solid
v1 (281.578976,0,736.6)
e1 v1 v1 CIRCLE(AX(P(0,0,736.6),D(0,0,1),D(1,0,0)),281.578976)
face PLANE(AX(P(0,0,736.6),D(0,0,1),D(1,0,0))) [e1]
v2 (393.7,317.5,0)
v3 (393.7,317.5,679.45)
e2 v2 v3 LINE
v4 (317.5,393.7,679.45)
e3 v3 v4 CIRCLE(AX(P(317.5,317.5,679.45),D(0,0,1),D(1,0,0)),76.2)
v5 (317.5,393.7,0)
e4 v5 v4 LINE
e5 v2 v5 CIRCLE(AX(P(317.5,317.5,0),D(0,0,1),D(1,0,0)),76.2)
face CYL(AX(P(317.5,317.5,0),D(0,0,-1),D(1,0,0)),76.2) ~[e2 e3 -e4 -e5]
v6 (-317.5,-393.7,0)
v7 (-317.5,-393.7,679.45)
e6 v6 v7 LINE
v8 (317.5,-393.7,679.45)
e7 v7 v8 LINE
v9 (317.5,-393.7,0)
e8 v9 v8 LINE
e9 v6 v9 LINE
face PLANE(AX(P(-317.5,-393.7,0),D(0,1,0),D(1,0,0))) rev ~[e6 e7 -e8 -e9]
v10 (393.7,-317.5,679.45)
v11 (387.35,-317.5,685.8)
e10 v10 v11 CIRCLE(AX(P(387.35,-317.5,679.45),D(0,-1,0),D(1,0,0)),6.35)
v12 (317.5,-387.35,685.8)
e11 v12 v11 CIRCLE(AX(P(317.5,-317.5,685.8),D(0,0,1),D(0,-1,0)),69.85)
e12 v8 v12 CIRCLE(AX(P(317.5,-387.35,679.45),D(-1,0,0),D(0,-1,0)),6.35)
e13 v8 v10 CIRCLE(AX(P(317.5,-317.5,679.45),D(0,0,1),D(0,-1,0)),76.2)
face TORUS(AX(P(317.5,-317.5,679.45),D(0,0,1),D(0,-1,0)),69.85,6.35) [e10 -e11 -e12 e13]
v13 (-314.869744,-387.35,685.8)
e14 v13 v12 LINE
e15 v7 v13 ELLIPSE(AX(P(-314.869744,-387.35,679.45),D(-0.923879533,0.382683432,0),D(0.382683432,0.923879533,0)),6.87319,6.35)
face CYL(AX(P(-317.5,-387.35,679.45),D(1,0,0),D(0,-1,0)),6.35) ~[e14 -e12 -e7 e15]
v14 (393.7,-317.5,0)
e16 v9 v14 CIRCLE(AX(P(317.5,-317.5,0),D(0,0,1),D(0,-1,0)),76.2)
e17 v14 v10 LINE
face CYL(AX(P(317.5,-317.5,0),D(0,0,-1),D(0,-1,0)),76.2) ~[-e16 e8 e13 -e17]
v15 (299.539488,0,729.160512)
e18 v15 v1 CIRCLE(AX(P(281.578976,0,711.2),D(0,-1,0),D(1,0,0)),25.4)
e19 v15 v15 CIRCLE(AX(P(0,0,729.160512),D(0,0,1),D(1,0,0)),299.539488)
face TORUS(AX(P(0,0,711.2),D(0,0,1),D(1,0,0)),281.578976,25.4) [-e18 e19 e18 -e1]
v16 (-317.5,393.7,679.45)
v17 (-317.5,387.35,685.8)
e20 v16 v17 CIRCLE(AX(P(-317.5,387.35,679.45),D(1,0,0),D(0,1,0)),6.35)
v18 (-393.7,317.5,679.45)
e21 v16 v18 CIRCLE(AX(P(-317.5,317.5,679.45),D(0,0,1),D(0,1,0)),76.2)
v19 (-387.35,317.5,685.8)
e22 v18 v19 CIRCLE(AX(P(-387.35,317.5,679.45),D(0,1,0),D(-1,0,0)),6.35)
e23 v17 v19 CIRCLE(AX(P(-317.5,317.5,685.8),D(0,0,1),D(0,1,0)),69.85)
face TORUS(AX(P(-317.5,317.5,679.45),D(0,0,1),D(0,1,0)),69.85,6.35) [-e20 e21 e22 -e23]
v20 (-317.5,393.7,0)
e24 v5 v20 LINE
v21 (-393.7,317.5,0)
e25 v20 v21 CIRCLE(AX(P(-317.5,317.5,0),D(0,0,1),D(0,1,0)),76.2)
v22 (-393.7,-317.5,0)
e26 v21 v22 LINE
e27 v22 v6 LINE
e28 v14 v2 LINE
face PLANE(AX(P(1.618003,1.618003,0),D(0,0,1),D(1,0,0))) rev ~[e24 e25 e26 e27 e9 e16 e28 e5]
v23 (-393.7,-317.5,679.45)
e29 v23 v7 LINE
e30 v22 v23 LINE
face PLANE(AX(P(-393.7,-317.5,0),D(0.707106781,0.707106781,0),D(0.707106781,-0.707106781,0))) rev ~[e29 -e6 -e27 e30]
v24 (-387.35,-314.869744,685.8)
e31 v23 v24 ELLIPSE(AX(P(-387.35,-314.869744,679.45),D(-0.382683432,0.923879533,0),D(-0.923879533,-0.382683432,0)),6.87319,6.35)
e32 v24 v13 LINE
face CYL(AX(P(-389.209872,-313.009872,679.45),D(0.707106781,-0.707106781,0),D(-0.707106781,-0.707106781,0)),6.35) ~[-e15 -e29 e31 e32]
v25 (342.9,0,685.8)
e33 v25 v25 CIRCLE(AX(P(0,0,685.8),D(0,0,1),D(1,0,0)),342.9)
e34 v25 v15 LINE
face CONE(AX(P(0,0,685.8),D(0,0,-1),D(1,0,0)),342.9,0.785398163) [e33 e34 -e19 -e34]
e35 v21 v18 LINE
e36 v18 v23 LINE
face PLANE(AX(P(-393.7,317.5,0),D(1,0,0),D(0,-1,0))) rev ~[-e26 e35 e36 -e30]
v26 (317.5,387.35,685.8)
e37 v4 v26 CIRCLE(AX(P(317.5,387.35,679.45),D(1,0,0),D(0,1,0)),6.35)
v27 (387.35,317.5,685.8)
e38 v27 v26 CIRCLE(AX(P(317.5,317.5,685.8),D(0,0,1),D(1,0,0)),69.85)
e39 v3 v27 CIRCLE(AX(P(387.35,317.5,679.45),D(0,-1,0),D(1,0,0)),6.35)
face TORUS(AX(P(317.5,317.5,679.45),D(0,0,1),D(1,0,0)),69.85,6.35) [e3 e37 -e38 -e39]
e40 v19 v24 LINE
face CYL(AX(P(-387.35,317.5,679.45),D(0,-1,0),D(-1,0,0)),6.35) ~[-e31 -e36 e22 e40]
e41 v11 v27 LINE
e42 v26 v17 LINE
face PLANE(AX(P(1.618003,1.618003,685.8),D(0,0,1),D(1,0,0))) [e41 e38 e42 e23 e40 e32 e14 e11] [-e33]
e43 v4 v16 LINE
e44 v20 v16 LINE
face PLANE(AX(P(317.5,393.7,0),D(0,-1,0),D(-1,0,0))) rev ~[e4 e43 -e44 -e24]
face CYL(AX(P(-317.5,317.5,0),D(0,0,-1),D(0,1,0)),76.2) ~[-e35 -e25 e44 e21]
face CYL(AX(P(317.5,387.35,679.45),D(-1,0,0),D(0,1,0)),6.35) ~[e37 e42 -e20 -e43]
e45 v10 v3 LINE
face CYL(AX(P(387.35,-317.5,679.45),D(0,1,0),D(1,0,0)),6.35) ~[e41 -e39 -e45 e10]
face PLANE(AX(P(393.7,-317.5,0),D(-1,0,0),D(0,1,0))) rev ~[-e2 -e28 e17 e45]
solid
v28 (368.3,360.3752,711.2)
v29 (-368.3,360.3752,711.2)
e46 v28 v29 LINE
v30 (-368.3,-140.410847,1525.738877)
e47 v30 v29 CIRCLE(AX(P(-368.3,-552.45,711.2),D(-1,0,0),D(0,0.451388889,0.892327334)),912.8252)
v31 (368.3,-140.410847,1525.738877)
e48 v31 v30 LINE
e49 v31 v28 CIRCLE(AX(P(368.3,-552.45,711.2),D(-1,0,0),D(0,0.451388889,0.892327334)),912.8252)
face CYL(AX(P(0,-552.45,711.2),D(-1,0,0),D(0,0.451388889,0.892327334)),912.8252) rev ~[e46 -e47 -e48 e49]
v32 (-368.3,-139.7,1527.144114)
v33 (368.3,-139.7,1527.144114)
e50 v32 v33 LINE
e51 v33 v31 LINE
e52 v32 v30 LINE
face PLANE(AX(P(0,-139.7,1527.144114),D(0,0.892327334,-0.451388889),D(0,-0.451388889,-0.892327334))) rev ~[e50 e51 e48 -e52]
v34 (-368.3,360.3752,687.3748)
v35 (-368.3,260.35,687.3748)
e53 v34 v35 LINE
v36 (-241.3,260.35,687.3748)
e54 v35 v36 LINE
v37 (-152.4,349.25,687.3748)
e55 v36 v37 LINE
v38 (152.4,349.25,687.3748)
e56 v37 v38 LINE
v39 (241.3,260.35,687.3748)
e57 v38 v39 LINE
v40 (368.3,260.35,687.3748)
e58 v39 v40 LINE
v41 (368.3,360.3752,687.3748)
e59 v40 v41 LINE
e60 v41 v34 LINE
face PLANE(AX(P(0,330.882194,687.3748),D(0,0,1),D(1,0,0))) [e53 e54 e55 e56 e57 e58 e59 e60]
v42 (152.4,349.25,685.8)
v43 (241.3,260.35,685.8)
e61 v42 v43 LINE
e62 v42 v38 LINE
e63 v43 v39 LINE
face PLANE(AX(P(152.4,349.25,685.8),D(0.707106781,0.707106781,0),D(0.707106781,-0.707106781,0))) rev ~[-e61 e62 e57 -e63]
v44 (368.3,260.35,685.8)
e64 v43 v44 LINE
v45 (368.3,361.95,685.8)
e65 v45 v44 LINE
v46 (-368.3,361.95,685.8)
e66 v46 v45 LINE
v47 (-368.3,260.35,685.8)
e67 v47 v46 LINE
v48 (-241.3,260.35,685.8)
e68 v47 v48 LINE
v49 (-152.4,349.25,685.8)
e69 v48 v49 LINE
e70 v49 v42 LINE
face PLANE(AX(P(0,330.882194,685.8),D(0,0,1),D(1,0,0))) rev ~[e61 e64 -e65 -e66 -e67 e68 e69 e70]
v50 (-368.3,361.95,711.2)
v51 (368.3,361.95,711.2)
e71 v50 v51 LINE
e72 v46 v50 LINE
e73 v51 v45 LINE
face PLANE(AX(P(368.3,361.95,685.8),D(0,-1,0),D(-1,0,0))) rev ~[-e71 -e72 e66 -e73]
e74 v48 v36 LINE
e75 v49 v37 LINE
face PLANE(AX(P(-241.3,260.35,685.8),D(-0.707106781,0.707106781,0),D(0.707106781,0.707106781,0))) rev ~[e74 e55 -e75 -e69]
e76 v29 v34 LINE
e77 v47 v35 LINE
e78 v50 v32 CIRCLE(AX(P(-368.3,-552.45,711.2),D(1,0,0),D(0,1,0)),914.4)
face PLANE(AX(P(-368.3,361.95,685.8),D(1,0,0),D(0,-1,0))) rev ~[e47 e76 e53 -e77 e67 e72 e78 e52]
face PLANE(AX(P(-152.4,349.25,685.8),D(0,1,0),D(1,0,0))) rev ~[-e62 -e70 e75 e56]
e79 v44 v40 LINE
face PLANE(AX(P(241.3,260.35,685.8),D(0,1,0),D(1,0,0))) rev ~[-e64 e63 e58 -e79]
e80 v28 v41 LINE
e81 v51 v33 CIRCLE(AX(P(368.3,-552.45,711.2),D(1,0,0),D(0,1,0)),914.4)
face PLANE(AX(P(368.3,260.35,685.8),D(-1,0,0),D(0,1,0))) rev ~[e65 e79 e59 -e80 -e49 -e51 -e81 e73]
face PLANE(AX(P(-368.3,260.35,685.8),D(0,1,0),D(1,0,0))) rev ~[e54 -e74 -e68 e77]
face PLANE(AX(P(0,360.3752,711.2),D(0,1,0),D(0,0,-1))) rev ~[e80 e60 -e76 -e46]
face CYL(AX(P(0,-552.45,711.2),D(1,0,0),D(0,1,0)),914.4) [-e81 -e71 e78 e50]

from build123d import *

# Parameters (mm, degrees)
F1_DEPTH      = 685.8
F4_R          = 6.35
F5_R          = 25.4
F7_DEPTH      = 1.5748
F9_DEPTH      = 368.3
F9_DEPTH_BACK = 368.3


with BuildPart() as f1:
    # F0 (on Top) → F1 (new body)
    with BuildSketch(Plane.XY):
        with BuildLine():
            Line((-317.5, -393.7), (317.5, -393.7))
            ThreePointArc((317.5, -393.7), (371.3815367264, -371.3815367264), (393.7, -317.5))
            Line((393.7, -317.5), (393.7, 317.5))
            ThreePointArc((393.7, 317.5), (371.3815367264, 371.3815367264), (317.5, 393.7))
            Line((317.5, 393.7), (-317.5, 393.7))
            ThreePointArc((-317.5, 393.7), (-371.3815367264, 371.3815367264), (-393.7, 317.5))
            Line((-393.7, 317.5), (-393.7, -317.5))
            Line((-393.7, -317.5), (-317.5, -393.7))
        make_face()
    extrude(amount=F1_DEPTH)

    # F2 (on Front) → F3 (revolve)
    with BuildSketch(Plane.XZ):
        Polygon((292.1, 736.6), (0, 736.6), (0, 685.8), (342.9, 685.8), align=None)
    revolve(axis=Axis((0, 0, 685.3453814983), (0, 0, 1)))

    # F4
    f4_edges = [f1.edges().sort_by_distance(p)[0] for p in [
        (371.381537, -371.381537, 685.8),
        (-355.6, -355.6, 685.8),
    ]]
    fillet(f4_edges, radius=F4_R)

    # F5
    f5_edges = [f1.edges().sort_by_distance(p)[0] for p in [
        (-292.1, 0, 736.6),
    ]]
    fillet(f5_edges, radius=F5_R)


with BuildPart() as f7:
    # F6 (on face) → F7 (new body)
    with BuildSketch(Plane.XY.offset(685.8)):
        Polygon((152.4, 349.25), (241.3, 260.35), (368.3, 260.35), (368.3, 361.95), (-368.3, 361.95), (-368.3, 260.35), (-241.3, 260.35), (-152.4, 349.25), align=None)
    extrude(amount=F7_DEPTH)

    # F8 (on Right) → F9 (join, two sides)
    with BuildSketch(Plane.YZ) as f9_sk:
        with BuildLine():
            Line((360.3752, 685.8), (361.95, 685.8))
            Line((361.95, 685.8), (361.95, 711.2))
            ThreePointArc((361.95, 711.2), (226.5063402399, 1190.1095739281), (-139.7, 1527.1441142015))
            Line((-139.7, 1527.1441142015), (-140.4108472222, 1525.7388771159))
            ThreePointArc((-140.4108472222, 1525.7388771159), (225.1648043206, 1189.2847852175), (360.3752, 711.2))
            Line((360.3752, 711.2), (360.3752, 685.8))
        make_face()
    extrude(amount=F9_DEPTH)
    extrude(f9_sk.sketch, amount=-F9_DEPTH_BACK)


solid = Compound([f1.part, f7.part])
